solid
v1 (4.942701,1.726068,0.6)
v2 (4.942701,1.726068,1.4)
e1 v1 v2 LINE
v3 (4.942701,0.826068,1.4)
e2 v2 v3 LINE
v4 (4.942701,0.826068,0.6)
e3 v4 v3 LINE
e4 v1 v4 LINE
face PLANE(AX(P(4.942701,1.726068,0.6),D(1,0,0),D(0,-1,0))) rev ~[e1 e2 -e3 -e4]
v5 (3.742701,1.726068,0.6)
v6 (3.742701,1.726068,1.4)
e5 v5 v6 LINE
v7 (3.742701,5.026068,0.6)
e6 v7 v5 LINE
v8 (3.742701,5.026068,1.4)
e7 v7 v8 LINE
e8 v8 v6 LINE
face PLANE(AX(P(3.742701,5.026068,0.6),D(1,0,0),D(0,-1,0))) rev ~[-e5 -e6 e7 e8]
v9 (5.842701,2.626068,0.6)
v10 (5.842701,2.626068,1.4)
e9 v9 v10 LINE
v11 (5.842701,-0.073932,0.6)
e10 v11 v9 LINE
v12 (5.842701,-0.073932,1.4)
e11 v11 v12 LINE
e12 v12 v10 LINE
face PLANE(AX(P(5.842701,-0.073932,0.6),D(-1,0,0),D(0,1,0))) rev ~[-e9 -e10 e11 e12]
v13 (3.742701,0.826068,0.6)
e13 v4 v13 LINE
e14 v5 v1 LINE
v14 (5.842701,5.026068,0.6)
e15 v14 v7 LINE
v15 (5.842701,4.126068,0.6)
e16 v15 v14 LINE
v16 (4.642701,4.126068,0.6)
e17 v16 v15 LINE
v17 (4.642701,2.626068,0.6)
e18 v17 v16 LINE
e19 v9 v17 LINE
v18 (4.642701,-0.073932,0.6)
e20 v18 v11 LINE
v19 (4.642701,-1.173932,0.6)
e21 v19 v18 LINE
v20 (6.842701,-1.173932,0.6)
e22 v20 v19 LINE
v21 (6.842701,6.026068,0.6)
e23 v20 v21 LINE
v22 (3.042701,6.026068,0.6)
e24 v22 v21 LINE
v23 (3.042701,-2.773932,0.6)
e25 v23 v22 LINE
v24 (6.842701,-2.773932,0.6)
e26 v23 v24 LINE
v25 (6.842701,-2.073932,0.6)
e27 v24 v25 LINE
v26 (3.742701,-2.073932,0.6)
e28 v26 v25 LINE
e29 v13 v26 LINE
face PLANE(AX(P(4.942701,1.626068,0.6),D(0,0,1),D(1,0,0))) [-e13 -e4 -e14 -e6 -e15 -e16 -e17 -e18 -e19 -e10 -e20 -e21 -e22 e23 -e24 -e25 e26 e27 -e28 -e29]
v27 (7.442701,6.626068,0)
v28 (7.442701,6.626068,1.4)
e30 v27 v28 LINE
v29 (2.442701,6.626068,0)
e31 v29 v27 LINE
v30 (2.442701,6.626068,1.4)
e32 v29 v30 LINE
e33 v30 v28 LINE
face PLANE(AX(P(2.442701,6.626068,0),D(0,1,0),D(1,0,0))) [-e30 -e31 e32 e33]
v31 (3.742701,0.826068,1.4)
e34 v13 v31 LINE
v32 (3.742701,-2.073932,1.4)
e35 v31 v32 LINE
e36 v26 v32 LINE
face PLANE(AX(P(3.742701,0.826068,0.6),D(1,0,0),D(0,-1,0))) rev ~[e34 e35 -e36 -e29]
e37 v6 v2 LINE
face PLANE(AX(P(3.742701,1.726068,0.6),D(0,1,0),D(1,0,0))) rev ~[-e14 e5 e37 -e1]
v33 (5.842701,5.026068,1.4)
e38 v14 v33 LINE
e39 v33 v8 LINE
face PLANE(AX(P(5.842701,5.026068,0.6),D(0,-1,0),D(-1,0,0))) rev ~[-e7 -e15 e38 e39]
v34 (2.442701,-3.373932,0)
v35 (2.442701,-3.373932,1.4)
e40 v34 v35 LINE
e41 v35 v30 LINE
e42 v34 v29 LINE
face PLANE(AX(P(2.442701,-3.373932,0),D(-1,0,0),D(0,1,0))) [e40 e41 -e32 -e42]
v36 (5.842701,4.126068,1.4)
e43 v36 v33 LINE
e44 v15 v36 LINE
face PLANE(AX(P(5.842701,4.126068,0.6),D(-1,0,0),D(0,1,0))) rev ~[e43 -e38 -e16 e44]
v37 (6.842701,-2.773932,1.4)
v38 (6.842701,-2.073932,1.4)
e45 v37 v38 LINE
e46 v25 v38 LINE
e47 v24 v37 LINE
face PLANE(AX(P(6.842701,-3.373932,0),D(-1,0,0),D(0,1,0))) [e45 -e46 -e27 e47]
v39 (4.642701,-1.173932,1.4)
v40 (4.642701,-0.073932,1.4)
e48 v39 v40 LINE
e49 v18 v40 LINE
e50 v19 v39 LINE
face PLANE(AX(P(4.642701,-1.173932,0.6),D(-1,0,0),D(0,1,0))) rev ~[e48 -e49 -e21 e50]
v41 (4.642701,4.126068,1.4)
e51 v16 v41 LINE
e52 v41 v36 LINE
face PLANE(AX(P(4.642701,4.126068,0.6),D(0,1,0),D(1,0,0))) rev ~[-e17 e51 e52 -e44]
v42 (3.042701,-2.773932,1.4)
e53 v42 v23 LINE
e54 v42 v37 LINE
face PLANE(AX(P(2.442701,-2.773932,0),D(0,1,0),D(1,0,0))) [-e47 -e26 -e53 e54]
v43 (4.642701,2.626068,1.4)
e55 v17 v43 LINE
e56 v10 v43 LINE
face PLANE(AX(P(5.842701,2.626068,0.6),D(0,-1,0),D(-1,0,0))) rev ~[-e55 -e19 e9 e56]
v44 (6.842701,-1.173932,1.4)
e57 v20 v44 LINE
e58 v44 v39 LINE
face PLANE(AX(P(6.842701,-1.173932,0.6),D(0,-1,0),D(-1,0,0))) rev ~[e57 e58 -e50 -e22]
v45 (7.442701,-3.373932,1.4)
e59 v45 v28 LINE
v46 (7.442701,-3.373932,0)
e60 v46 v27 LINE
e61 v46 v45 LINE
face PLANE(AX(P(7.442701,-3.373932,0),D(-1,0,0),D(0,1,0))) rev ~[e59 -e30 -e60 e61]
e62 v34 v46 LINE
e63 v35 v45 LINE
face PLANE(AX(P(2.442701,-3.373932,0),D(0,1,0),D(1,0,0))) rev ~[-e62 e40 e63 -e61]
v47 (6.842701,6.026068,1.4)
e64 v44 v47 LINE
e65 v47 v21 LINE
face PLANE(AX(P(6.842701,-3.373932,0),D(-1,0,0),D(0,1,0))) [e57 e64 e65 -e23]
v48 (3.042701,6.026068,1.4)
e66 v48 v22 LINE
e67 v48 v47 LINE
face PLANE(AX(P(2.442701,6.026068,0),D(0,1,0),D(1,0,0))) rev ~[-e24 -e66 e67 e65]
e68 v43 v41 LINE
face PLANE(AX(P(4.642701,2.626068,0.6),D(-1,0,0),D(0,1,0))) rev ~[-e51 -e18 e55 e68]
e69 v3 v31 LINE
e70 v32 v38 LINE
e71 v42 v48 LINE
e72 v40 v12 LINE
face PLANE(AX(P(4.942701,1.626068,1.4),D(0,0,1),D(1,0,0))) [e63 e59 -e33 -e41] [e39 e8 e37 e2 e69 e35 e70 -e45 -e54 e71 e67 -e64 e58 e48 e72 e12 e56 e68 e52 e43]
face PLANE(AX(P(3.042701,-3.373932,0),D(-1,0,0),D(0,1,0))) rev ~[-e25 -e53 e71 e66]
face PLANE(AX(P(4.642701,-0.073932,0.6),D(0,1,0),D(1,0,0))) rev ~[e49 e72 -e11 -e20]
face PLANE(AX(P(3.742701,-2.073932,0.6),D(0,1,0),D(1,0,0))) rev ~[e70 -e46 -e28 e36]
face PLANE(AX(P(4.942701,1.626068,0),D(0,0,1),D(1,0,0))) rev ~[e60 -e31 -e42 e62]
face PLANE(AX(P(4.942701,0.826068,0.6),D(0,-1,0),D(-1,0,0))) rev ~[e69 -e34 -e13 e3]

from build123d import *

# Parameters (mm, degrees)
F0_W     = 5
F0_H     = 10
F1_DEPTH = 1.4
F2_T     = -0.6
F4_DEPTH = 0.8


with BuildPart() as f1:
    # F0 (on Top) → F1 (new body)
    with BuildSketch(Plane.XY):
        with Locations((4.9427011982, 1.6260683693)):
            Rectangle(F0_W, F0_H)
    extrude(amount=F1_DEPTH)

    # F2
    f2_openings = [f1.faces().sort_by_distance(p)[0] for p in [
        (4.942701, 1.626068, 1.4),
    ]]
    offset(amount=F2_T, openings=f2_openings)

    # F3 (on face) → F4 (join)
    with BuildSketch(Plane.XY.offset(0.6)):
        Polygon((6.8427011982, -2.0739316307), (6.8427011982, -1.1739316307), (4.6427011982, -1.1739316307), (4.6427011982, -0.0739316307), (5.8427011982, -0.0739316307), (5.8427011982, 2.6260683693), (4.6427011982, 2.6260683693), (4.6427011982, 4.1260683693), (5.8427011982, 4.1260683693), (5.8427011982, 5.0260683693), (3.7427011982, 5.0260683693), (3.7427011982, 1.7260683693), (4.9427011982, 1.7260683693), (4.9427011982, 0.8260683693), (3.7427011982, 0.8260683693), (3.7427011982, -2.0739316307), align=None)
    extrude(amount=F4_DEPTH)


solid = f1.part
